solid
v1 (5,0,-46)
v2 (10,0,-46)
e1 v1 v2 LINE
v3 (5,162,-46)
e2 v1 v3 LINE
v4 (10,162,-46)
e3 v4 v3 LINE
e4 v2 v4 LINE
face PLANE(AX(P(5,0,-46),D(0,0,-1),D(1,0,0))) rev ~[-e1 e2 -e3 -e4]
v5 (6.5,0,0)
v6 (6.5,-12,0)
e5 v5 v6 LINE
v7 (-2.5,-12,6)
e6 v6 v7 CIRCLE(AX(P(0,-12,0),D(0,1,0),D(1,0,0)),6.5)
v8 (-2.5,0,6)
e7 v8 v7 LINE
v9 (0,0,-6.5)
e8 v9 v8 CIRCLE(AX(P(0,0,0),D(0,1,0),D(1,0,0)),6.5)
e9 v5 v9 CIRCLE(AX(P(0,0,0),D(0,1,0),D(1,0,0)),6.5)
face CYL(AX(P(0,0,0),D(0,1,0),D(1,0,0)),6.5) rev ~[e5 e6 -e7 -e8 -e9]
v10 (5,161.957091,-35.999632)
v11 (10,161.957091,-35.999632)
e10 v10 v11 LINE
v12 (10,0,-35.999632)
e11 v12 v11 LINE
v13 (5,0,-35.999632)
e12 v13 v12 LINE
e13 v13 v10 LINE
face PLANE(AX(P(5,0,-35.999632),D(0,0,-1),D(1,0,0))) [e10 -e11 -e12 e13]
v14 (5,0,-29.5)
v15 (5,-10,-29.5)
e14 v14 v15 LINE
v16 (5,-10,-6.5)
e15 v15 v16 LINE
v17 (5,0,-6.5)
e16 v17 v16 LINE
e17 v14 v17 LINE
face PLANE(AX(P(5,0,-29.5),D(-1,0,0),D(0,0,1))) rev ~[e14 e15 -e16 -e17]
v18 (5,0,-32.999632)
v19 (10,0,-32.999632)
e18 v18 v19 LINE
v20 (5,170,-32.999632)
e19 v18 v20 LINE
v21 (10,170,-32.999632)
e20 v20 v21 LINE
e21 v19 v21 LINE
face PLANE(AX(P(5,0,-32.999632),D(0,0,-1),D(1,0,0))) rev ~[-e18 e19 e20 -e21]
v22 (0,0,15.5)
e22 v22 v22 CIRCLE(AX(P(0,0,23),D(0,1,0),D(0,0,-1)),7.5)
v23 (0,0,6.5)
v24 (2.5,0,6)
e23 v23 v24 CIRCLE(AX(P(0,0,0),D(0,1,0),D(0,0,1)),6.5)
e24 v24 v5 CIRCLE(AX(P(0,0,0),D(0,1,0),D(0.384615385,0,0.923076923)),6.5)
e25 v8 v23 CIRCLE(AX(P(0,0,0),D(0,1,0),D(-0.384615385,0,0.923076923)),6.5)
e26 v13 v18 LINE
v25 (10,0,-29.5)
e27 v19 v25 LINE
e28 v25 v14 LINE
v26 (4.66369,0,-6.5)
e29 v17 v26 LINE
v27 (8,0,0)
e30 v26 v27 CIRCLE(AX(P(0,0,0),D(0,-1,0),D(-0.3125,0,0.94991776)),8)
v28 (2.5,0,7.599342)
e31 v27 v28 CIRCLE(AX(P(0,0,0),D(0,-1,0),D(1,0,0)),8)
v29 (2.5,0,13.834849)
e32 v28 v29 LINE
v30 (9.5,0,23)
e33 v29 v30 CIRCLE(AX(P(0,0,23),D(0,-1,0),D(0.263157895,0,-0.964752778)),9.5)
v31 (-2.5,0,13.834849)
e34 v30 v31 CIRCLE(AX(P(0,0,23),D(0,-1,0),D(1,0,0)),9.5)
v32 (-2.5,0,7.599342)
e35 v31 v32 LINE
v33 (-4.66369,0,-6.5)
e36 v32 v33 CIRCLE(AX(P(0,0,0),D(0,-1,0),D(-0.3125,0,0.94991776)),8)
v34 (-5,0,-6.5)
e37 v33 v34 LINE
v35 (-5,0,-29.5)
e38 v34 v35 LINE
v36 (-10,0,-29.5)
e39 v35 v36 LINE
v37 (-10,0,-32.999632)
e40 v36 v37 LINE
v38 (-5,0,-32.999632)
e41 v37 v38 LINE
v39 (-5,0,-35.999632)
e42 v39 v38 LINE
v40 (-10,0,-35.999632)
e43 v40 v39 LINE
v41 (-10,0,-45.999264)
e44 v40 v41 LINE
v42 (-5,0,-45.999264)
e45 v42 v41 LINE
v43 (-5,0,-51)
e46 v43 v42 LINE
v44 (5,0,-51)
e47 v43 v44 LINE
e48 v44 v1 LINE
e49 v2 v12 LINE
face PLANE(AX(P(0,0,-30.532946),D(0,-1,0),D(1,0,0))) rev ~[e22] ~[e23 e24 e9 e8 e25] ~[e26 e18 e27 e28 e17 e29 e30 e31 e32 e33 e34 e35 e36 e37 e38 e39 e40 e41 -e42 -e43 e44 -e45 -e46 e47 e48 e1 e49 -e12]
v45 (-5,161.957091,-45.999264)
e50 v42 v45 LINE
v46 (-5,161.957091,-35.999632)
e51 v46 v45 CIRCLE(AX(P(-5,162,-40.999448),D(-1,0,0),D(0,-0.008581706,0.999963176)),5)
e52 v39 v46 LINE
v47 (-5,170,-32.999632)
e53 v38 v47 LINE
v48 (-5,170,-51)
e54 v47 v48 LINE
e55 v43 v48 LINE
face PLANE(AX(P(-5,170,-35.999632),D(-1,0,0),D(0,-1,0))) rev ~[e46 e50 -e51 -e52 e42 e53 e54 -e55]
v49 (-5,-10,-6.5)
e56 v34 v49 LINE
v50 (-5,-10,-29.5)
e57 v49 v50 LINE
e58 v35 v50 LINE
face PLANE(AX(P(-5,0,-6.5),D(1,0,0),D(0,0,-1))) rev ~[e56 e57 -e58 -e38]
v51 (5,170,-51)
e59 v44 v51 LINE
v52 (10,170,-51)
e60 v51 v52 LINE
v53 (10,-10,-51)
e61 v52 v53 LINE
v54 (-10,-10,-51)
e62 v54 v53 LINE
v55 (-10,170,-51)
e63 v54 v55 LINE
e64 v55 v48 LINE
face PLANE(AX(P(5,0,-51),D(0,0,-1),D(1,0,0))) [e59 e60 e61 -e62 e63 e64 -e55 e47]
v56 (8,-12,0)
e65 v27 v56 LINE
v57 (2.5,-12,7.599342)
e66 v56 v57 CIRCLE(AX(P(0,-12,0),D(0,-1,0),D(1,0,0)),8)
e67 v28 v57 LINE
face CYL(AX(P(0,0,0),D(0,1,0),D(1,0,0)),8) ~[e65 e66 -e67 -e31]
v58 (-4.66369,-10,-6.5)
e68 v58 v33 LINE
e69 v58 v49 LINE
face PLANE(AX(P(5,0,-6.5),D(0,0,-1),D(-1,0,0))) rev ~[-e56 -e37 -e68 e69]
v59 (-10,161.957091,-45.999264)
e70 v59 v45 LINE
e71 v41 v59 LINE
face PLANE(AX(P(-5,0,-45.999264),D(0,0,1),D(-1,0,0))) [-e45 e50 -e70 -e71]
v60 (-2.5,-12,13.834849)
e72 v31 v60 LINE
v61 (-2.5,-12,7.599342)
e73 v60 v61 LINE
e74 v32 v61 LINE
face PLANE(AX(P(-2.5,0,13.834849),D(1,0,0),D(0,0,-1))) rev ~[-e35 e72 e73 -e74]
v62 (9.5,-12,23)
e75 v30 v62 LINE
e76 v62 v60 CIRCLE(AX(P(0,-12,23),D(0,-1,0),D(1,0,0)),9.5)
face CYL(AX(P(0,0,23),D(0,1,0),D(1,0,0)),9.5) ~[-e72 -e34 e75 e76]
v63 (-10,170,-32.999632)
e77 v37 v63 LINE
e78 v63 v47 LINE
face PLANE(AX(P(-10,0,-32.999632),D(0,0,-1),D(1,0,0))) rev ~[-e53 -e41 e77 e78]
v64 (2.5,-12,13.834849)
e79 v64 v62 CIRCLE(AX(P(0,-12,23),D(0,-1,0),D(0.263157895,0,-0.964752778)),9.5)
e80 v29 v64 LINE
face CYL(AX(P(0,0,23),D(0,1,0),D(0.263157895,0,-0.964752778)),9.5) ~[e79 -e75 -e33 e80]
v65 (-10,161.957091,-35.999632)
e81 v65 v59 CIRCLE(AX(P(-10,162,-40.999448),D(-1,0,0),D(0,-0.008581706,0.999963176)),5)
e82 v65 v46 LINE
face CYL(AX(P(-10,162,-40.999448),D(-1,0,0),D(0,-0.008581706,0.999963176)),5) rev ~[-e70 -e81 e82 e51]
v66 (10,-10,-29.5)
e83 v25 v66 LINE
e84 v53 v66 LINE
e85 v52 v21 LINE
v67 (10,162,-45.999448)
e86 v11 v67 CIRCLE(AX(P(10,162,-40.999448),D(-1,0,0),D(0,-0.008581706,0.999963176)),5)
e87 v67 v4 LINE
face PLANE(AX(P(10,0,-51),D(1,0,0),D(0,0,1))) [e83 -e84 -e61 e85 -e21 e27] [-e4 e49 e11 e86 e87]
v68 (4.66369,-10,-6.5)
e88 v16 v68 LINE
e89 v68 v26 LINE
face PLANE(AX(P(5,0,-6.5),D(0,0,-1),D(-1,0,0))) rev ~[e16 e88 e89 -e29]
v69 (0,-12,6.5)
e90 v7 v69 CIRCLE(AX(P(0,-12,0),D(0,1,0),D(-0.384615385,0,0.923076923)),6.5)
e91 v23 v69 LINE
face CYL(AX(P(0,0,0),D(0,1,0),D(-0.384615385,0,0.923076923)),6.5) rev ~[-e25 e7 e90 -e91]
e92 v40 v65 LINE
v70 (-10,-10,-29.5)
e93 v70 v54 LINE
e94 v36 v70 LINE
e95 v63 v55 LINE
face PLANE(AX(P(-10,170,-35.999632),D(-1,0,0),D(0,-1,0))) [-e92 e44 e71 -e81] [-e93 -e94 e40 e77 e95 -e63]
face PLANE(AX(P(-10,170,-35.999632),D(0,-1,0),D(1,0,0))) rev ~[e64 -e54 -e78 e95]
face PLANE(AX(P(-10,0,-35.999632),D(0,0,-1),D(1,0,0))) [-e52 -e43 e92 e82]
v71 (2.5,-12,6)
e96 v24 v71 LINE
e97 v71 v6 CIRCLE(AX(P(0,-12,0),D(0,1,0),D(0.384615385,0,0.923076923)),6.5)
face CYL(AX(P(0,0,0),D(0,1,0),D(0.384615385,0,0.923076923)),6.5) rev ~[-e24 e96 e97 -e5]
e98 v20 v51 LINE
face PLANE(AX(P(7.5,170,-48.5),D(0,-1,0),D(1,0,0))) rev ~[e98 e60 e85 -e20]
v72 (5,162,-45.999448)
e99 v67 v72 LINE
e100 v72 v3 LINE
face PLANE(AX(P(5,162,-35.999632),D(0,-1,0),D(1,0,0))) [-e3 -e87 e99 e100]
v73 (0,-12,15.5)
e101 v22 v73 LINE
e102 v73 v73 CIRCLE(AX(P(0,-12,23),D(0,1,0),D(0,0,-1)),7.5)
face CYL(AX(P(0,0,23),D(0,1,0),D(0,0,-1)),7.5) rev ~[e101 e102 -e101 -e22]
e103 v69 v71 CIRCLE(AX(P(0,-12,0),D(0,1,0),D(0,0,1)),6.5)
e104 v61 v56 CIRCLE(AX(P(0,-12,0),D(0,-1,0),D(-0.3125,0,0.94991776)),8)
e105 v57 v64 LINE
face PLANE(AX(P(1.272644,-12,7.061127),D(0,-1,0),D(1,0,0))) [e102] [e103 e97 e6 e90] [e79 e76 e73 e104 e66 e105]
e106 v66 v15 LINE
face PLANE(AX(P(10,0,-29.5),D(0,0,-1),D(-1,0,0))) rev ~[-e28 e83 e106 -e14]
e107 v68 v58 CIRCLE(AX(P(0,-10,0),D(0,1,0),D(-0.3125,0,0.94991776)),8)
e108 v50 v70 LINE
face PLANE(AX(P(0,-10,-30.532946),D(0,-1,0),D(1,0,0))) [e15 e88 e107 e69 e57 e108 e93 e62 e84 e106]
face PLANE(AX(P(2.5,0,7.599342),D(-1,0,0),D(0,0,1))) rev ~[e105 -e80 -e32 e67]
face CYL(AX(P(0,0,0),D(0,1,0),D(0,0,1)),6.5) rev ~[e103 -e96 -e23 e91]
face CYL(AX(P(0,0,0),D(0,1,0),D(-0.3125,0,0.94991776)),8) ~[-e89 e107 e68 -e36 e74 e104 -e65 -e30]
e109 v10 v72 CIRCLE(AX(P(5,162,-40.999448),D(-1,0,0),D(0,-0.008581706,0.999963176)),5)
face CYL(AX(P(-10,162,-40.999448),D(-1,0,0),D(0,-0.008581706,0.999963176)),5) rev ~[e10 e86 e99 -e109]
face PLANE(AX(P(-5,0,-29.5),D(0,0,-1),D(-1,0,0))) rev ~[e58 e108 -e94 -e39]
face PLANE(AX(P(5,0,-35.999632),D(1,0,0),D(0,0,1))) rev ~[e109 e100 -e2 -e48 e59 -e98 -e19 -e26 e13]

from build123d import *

# Parameters (mm, degrees)
F1_DEPTH = 12
F3_DEPTH = 10
F4_W     = 5
F4_H     = 5
F4_H_2   = 3
F5_DEPTH = 170
F6_W     = 5
F6_H     = 8
F7_DEPTH = 12.7
F9_DEPTH = 25


with BuildPart() as f1:
    # F0 (on Front) → F1 (new body)
    with BuildSketch(Plane.XZ):
        with BuildLine():
            Line((0, 8), (0, 6.5))
            ThreePointArc((0, 6.5), (1.2747548784, 6.373774392), (2.5, 6))
            Line((2.5, 6), (2.5, 7.5993420768))
            ThreePointArc((2.5, 7.5993420768), (1.2659509046, 7.8992004853), (0, 8))
        make_face()
        with BuildLine():
            ThreePointArc((-2.5, 6), (-1.2747548784, 6.373774392), (0, 6.5))
            Line((0, 6.5), (0, 8))
            ThreePointArc((0, 8), (-1.2659509046, 7.8992004853), (-2.5, 7.5993420768))
            Line((-2.5, 7.5993420768), (-2.5, 6))
        make_face()
        with BuildLine():
            Line((2.5, 7.5993420768), (2.5, 6))
            ThreePointArc((2.5, 6), (5.4083269132, 3.6055512755), (6.5, 0))
            ThreePointArc((6.5, 0), (-3.6055512755, -5.4083269132), (-2.5, 6))
            Line((-2.5, 6), (-2.5, 7.5993420768))
            ThreePointArc((-2.5, 7.5993420768), (-4.6904157598, -6.4807406984), (8, 0))
            ThreePointArc((8, 0), (6.4807406984, 4.6904157598), (2.5, 7.5993420768))
        make_face()
        with BuildLine():
            ThreePointArc((-2.5, 13.8348486101), (-1.2611625184, 13.5840842664), (0, 13.5))
            Line((0, 13.5), (0, 14.832704328))
            Line((0, 14.832704328), (-2.5, 14.832704328))
            Line((-2.5, 14.832704328), (-2.5, 13.8348486101))
        make_face()
        with BuildLine():
            Line((0, 14.832704328), (0, 13.5))
            ThreePointArc((0, 13.5), (1.2611625184, 13.5840842664), (2.5, 13.8348486101))
            Line((2.5, 13.8348486101), (2.5, 14.832704328))
            Line((2.5, 14.832704328), (0, 14.832704328))
        make_face()
        with BuildLine():
            Line((-2.5, 14.832704328), (0, 14.832704328))
            Line((0, 14.832704328), (2.5, 14.832704328))
            Line((2.5, 14.832704328), (2.5, 13.8348486101))
            ThreePointArc((2.5, 13.8348486101), (7.5498344353, 17.2337187027), (9.5, 23))
            ThreePointArc((9.5, 23), (-5.7662812973, 30.5498344353), (-2.5, 13.8348486101))
            Line((-2.5, 13.8348486101), (-2.5, 14.832704328))
        make_face()
        with BuildLine():
            ThreePointArc((7.5, 23), (5.3033008589, 17.6966991411), (0, 15.5))
            ThreePointArc((0, 15.5), (-5.3033008589, 28.3033008589), (7.5, 23))
        make_face(mode=Mode.SUBTRACT)
        with BuildLine():
            Line((0, 13.5), (0, 8))
            ThreePointArc((0, 8), (1.2659509046, 7.8992004853), (2.5, 7.5993420768))
            Line((2.5, 7.5993420768), (2.5, 13.8348486101))
            ThreePointArc((2.5, 13.8348486101), (1.2611625184, 13.5840842664), (0, 13.5))
        make_face()
        with BuildLine():
            ThreePointArc((-2.5, 7.5993420768), (-1.2659509046, 7.8992004853), (0, 8))
            Line((0, 8), (0, 13.5))
            ThreePointArc((0, 13.5), (-1.2611625184, 13.5840842664), (-2.5, 13.8348486101))
            Line((-2.5, 13.8348486101), (-2.5, 7.5993420768))
        make_face()
    extrude(amount=F1_DEPTH)

    # F2 (on Front) → F3 (join)
    with BuildSketch(Plane.XZ):
        Polygon((5, -6.5), (0, -6.5), (-5, -6.5), (-5, -29.5), (-10, -29.5), (-10, -51), (10, -51), (10, -29.5), (5, -29.5), align=None)
    extrude(amount=F3_DEPTH)

    # F4 (on Front) → F5 (join)
    with BuildSketch(Plane.XZ):
        with Locations((7.5, -48.5)):
            Rectangle(F4_W, F4_H)
        with Locations((7.5, -34.4996317649)):
            Rectangle(F4_W, F4_H_2)
        with Locations((-7.5, -34.4996317649)):
            Rectangle(F4_W, F4_H_2)
        Polygon((-5, -46), (-5, -45.9992635297), (-10, -45.9992635297), (-10, -51), (-5, -51), align=None)
    extrude(amount=-F5_DEPTH)

    # F6 (on face) → F7 (join)
    with BuildSketch(Plane(origin=(0, 0, -35.9996317649), x_dir=(1, 0, 0), z_dir=(0, 0, -1))):
        with Locations((-7.5, -166)):
            Rectangle(F6_W, F6_H)
        with Locations((7.5, -166)):
            Rectangle(F6_W, F6_H)
    extrude(amount=F7_DEPTH)

    # F8 (on face) → F9 (cut)
    with BuildSketch(Plane(origin=(-10, 0, 0), x_dir=(0, -1, 0), z_dir=(-1, 0, 0))):
        with BuildLine():
            Line((-162, -35.9996317649), (-161.9570914715, -35.9996317649))
            ThreePointArc((-161.9570914715, -35.9996317649), (-167, -40.9994476473), (-161.9570914715, -45.9992635297))
            Line((-161.9570914715, -45.9992635297), (-162, -45.9992635297))
            Line((-162, -45.9992635297), (-162, -35.9996317649))
        make_face()
        with BuildLine():
            ThreePointArc((-161.9570914715, -45.9992635297), (-158.4493280465, -44.51977841), (-157, -40.9994476473))
            ThreePointArc((-157, -40.9994476473), (-158.4493280465, -37.4791168846), (-161.9570914715, -35.9996317649))
            Line((-161.9570914715, -35.9996317649), (-162, -35.9996317649))
            Line((-162, -35.9996317649), (-162, -45.9992635297))
            Line((-162, -45.9992635297), (-161.9570914715, -45.9992635297))
        make_face()
    extrude(amount=-F9_DEPTH, mode=Mode.SUBTRACT)


solid = f1.part
